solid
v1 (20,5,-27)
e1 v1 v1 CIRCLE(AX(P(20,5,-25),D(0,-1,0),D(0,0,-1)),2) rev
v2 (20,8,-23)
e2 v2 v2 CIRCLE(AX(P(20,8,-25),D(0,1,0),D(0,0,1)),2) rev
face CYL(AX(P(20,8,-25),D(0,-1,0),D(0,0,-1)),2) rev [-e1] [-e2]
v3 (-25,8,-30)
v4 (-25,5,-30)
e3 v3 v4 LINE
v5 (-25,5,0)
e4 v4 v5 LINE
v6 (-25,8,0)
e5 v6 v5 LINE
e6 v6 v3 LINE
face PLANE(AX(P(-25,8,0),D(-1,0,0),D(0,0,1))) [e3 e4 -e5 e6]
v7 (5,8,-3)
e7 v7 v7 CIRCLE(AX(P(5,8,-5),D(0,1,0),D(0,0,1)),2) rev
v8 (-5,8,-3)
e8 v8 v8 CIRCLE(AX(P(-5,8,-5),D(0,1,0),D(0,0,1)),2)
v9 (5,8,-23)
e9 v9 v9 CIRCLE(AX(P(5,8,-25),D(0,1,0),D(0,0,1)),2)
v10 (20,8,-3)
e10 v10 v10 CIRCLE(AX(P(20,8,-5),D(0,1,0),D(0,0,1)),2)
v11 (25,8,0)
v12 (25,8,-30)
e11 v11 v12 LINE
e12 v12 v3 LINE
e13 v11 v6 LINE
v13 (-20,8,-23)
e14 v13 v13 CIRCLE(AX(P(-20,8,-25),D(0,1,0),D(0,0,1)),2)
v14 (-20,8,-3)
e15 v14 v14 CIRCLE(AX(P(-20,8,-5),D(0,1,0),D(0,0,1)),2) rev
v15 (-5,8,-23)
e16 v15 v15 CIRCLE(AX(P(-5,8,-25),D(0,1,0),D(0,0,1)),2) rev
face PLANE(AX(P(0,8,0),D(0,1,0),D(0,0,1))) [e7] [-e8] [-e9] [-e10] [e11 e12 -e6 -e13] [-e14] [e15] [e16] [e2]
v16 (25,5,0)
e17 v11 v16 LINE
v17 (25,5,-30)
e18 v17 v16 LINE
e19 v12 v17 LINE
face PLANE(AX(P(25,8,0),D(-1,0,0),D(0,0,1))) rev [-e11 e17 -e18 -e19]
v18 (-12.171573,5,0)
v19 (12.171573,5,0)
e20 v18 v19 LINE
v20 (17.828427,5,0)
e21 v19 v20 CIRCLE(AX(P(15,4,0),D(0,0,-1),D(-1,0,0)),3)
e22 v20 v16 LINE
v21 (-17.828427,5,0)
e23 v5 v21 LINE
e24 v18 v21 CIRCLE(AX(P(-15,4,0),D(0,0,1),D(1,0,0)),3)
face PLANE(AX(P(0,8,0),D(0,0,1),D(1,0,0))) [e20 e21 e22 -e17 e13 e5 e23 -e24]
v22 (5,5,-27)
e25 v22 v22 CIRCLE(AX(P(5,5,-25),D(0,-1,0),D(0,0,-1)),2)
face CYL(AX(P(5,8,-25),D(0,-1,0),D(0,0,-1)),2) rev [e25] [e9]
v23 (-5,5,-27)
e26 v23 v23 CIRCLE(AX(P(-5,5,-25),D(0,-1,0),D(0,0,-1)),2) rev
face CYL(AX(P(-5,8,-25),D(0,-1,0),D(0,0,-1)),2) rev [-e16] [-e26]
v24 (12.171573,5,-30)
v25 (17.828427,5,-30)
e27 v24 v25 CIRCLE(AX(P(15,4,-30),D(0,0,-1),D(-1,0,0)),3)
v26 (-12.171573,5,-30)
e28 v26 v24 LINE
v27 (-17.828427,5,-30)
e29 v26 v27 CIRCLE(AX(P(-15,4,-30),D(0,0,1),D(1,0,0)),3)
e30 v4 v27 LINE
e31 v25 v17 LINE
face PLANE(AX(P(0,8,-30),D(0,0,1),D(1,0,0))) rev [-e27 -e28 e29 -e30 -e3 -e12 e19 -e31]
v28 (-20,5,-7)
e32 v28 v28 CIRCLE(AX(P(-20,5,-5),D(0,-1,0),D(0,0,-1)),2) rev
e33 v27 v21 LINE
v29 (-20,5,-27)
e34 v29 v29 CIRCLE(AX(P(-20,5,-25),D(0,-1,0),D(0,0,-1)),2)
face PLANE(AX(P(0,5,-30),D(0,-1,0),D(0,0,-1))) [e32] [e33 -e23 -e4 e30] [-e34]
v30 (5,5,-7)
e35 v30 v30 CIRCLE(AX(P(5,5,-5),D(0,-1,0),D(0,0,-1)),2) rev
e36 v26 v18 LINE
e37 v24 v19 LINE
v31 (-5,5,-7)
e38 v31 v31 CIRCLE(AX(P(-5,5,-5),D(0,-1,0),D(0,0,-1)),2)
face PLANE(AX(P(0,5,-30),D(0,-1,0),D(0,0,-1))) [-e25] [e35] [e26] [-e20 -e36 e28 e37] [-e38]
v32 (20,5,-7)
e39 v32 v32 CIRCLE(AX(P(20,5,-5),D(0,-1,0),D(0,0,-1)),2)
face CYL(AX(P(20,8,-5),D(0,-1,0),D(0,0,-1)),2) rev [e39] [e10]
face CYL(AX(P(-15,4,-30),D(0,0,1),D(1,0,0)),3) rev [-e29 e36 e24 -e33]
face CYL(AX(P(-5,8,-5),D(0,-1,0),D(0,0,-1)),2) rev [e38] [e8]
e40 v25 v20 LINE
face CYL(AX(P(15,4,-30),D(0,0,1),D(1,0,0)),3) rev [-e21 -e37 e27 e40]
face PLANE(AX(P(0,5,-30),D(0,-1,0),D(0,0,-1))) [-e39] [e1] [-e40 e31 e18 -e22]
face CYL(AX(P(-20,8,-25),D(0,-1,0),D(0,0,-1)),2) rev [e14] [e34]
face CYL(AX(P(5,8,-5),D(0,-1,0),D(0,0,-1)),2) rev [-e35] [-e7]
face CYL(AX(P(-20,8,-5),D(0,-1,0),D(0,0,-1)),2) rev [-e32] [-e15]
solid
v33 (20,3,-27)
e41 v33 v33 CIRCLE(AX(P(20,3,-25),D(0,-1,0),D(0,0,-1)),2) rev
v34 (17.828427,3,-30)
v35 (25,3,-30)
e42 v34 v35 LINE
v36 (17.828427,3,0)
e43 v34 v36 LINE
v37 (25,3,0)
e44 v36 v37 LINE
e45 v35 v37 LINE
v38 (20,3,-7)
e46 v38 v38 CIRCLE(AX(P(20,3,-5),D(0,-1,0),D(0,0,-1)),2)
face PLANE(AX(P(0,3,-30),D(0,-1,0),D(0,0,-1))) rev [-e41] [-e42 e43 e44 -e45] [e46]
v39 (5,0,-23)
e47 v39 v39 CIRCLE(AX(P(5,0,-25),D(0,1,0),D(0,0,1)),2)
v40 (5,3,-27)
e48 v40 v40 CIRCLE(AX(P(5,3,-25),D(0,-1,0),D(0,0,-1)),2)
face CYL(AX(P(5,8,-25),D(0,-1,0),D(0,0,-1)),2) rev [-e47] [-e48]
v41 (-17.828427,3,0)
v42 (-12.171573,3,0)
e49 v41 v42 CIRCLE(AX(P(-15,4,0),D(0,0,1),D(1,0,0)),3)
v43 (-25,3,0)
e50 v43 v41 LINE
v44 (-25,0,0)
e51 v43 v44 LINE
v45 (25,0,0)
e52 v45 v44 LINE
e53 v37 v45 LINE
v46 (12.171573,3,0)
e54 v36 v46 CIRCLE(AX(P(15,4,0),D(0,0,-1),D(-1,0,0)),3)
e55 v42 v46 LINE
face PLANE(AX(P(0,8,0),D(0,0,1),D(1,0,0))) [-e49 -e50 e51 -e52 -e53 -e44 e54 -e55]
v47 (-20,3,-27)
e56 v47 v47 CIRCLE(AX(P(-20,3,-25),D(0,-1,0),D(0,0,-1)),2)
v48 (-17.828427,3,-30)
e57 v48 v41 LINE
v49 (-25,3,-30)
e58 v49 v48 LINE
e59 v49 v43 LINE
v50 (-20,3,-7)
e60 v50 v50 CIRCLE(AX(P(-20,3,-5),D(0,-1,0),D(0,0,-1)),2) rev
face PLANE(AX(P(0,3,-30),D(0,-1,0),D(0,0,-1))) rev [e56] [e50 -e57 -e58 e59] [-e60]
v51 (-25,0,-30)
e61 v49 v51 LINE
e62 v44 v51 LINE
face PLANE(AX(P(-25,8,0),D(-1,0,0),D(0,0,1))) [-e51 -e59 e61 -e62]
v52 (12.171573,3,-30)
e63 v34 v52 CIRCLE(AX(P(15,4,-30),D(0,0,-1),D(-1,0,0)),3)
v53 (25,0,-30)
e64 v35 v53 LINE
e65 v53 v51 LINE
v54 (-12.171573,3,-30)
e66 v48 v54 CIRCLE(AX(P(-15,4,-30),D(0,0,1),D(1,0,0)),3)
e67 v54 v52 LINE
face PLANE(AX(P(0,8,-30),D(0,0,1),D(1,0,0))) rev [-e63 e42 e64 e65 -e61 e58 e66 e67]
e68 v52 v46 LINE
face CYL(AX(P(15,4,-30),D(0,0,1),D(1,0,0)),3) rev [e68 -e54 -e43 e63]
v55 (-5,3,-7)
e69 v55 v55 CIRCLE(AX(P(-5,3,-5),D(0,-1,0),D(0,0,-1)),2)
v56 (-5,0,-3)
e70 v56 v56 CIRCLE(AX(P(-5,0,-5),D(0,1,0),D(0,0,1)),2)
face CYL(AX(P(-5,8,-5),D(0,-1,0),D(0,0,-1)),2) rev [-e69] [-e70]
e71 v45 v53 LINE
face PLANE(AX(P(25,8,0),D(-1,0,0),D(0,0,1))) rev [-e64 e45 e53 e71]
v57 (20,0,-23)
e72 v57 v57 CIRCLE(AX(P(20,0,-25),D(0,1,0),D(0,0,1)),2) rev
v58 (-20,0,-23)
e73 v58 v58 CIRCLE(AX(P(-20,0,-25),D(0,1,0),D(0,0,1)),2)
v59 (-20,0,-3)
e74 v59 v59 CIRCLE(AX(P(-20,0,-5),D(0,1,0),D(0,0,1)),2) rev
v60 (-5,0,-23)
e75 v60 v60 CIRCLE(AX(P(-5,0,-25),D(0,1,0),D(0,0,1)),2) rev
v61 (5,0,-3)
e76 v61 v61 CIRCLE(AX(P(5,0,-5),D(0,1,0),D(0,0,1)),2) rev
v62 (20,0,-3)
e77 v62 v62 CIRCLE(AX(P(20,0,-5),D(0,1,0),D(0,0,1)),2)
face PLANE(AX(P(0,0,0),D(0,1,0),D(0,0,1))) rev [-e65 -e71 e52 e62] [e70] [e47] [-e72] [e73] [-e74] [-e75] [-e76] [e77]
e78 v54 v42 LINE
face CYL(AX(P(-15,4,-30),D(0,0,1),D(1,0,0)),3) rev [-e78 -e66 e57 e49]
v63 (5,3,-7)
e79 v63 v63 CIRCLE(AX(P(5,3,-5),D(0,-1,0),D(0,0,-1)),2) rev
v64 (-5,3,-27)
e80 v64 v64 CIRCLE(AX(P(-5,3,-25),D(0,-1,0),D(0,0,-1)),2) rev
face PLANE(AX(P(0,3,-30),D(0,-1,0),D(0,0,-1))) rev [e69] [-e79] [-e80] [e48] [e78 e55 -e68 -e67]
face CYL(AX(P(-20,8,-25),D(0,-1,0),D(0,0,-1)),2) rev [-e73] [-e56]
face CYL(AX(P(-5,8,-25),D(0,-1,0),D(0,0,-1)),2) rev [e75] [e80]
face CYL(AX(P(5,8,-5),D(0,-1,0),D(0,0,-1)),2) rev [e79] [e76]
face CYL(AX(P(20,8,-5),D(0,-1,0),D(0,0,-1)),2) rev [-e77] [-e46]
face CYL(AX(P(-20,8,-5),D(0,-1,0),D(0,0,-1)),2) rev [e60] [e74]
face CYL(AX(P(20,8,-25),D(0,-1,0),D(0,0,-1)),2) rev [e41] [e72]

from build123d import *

# Parameters (mm, degrees)
SKETCH_1_W          = 25
SKETCH_1_H          = 30
SKETCH_1_R          = 2
EXTRUDE_1_DEPTH     = 8
SKETCH_2_R          = 3
SKETCH_2_W          = 50
SKETCH_2_H          = 2
CUT_EXTRUDE_1_DEPTH = 40.862262856


with BuildPart() as part:
    # 스케치1 → 보스-돌출1 (new body)
    # profile 1 of 2: a face of its own
    with BuildSketch(Plane(origin=(0, 0, 0), x_dir=(1, 0, 0), z_dir=(0, 1, 0))):
        with Locations((-12.5, 15)):
            Rectangle(SKETCH_1_W, SKETCH_1_H)
        with Locations(Location((-20, 5, 0), (0, 0, 270))):
            Circle(SKETCH_1_R, mode=Mode.SUBTRACT)
        with Locations(Location((-20, 25, 0), (0, 0, 270))):
            Circle(SKETCH_1_R, mode=Mode.SUBTRACT)
        with Locations(Location((-5, 5, 0), (0, 0, 270))):
            Circle(SKETCH_1_R, mode=Mode.SUBTRACT)
        with Locations(Location((-5, 25, 0), (0, 0, 270))):
            Circle(SKETCH_1_R, mode=Mode.SUBTRACT)
    # profile 2 of 2: a face of its own
    with BuildSketch(Plane(origin=(0, 0, 0), x_dir=(1, 0, 0), z_dir=(0, 1, 0))):
        with Locations((12.5, 15)):
            Rectangle(SKETCH_1_W, SKETCH_1_H)
        with Locations(Location((5, 5, 0), (0, 0, 270))):
            Circle(SKETCH_1_R, mode=Mode.SUBTRACT)
        with Locations(Location((5, 25, 0), (0, 0, 270))):
            Circle(SKETCH_1_R, mode=Mode.SUBTRACT)
        with Locations(Location((20, 5, 0), (0, 0, 270))):
            Circle(SKETCH_1_R, mode=Mode.SUBTRACT)
        with Locations(Location((20, 25, 0), (0, 0, 270))):
            Circle(SKETCH_1_R, mode=Mode.SUBTRACT)
    extrude(amount=EXTRUDE_1_DEPTH)

    # 스케치2 → 컷-돌출1 (cut, through all)
    with BuildSketch(Plane.XY):
        with Locations((-15, 4)):
            Circle(SKETCH_2_R)
        with Locations((15, 4)):
            Circle(SKETCH_2_R)
        with Locations((0, 4)):
            Rectangle(SKETCH_2_W, SKETCH_2_H)
    extrude(amount=-CUT_EXTRUDE_1_DEPTH, mode=Mode.SUBTRACT)


with BuildPart() as cut_extrude_1_piece_1:
    # of the separate pieces the step leaves, piece 1, a body of its own (cut_extrude_1_pieces)
    add(part.part.solids().sort_by_distance((-25, 0, 0))[0])


with BuildPart() as cut_extrude_1_piece_2:
    # of the separate pieces the step leaves, piece 2, a body of its own (cut_extrude_1_pieces)
    add(part.part.solids().sort_by_distance((-25, 5, 0))[0])


solid = Compound([cut_extrude_1_piece_1.part, cut_extrude_1_piece_2.part])
